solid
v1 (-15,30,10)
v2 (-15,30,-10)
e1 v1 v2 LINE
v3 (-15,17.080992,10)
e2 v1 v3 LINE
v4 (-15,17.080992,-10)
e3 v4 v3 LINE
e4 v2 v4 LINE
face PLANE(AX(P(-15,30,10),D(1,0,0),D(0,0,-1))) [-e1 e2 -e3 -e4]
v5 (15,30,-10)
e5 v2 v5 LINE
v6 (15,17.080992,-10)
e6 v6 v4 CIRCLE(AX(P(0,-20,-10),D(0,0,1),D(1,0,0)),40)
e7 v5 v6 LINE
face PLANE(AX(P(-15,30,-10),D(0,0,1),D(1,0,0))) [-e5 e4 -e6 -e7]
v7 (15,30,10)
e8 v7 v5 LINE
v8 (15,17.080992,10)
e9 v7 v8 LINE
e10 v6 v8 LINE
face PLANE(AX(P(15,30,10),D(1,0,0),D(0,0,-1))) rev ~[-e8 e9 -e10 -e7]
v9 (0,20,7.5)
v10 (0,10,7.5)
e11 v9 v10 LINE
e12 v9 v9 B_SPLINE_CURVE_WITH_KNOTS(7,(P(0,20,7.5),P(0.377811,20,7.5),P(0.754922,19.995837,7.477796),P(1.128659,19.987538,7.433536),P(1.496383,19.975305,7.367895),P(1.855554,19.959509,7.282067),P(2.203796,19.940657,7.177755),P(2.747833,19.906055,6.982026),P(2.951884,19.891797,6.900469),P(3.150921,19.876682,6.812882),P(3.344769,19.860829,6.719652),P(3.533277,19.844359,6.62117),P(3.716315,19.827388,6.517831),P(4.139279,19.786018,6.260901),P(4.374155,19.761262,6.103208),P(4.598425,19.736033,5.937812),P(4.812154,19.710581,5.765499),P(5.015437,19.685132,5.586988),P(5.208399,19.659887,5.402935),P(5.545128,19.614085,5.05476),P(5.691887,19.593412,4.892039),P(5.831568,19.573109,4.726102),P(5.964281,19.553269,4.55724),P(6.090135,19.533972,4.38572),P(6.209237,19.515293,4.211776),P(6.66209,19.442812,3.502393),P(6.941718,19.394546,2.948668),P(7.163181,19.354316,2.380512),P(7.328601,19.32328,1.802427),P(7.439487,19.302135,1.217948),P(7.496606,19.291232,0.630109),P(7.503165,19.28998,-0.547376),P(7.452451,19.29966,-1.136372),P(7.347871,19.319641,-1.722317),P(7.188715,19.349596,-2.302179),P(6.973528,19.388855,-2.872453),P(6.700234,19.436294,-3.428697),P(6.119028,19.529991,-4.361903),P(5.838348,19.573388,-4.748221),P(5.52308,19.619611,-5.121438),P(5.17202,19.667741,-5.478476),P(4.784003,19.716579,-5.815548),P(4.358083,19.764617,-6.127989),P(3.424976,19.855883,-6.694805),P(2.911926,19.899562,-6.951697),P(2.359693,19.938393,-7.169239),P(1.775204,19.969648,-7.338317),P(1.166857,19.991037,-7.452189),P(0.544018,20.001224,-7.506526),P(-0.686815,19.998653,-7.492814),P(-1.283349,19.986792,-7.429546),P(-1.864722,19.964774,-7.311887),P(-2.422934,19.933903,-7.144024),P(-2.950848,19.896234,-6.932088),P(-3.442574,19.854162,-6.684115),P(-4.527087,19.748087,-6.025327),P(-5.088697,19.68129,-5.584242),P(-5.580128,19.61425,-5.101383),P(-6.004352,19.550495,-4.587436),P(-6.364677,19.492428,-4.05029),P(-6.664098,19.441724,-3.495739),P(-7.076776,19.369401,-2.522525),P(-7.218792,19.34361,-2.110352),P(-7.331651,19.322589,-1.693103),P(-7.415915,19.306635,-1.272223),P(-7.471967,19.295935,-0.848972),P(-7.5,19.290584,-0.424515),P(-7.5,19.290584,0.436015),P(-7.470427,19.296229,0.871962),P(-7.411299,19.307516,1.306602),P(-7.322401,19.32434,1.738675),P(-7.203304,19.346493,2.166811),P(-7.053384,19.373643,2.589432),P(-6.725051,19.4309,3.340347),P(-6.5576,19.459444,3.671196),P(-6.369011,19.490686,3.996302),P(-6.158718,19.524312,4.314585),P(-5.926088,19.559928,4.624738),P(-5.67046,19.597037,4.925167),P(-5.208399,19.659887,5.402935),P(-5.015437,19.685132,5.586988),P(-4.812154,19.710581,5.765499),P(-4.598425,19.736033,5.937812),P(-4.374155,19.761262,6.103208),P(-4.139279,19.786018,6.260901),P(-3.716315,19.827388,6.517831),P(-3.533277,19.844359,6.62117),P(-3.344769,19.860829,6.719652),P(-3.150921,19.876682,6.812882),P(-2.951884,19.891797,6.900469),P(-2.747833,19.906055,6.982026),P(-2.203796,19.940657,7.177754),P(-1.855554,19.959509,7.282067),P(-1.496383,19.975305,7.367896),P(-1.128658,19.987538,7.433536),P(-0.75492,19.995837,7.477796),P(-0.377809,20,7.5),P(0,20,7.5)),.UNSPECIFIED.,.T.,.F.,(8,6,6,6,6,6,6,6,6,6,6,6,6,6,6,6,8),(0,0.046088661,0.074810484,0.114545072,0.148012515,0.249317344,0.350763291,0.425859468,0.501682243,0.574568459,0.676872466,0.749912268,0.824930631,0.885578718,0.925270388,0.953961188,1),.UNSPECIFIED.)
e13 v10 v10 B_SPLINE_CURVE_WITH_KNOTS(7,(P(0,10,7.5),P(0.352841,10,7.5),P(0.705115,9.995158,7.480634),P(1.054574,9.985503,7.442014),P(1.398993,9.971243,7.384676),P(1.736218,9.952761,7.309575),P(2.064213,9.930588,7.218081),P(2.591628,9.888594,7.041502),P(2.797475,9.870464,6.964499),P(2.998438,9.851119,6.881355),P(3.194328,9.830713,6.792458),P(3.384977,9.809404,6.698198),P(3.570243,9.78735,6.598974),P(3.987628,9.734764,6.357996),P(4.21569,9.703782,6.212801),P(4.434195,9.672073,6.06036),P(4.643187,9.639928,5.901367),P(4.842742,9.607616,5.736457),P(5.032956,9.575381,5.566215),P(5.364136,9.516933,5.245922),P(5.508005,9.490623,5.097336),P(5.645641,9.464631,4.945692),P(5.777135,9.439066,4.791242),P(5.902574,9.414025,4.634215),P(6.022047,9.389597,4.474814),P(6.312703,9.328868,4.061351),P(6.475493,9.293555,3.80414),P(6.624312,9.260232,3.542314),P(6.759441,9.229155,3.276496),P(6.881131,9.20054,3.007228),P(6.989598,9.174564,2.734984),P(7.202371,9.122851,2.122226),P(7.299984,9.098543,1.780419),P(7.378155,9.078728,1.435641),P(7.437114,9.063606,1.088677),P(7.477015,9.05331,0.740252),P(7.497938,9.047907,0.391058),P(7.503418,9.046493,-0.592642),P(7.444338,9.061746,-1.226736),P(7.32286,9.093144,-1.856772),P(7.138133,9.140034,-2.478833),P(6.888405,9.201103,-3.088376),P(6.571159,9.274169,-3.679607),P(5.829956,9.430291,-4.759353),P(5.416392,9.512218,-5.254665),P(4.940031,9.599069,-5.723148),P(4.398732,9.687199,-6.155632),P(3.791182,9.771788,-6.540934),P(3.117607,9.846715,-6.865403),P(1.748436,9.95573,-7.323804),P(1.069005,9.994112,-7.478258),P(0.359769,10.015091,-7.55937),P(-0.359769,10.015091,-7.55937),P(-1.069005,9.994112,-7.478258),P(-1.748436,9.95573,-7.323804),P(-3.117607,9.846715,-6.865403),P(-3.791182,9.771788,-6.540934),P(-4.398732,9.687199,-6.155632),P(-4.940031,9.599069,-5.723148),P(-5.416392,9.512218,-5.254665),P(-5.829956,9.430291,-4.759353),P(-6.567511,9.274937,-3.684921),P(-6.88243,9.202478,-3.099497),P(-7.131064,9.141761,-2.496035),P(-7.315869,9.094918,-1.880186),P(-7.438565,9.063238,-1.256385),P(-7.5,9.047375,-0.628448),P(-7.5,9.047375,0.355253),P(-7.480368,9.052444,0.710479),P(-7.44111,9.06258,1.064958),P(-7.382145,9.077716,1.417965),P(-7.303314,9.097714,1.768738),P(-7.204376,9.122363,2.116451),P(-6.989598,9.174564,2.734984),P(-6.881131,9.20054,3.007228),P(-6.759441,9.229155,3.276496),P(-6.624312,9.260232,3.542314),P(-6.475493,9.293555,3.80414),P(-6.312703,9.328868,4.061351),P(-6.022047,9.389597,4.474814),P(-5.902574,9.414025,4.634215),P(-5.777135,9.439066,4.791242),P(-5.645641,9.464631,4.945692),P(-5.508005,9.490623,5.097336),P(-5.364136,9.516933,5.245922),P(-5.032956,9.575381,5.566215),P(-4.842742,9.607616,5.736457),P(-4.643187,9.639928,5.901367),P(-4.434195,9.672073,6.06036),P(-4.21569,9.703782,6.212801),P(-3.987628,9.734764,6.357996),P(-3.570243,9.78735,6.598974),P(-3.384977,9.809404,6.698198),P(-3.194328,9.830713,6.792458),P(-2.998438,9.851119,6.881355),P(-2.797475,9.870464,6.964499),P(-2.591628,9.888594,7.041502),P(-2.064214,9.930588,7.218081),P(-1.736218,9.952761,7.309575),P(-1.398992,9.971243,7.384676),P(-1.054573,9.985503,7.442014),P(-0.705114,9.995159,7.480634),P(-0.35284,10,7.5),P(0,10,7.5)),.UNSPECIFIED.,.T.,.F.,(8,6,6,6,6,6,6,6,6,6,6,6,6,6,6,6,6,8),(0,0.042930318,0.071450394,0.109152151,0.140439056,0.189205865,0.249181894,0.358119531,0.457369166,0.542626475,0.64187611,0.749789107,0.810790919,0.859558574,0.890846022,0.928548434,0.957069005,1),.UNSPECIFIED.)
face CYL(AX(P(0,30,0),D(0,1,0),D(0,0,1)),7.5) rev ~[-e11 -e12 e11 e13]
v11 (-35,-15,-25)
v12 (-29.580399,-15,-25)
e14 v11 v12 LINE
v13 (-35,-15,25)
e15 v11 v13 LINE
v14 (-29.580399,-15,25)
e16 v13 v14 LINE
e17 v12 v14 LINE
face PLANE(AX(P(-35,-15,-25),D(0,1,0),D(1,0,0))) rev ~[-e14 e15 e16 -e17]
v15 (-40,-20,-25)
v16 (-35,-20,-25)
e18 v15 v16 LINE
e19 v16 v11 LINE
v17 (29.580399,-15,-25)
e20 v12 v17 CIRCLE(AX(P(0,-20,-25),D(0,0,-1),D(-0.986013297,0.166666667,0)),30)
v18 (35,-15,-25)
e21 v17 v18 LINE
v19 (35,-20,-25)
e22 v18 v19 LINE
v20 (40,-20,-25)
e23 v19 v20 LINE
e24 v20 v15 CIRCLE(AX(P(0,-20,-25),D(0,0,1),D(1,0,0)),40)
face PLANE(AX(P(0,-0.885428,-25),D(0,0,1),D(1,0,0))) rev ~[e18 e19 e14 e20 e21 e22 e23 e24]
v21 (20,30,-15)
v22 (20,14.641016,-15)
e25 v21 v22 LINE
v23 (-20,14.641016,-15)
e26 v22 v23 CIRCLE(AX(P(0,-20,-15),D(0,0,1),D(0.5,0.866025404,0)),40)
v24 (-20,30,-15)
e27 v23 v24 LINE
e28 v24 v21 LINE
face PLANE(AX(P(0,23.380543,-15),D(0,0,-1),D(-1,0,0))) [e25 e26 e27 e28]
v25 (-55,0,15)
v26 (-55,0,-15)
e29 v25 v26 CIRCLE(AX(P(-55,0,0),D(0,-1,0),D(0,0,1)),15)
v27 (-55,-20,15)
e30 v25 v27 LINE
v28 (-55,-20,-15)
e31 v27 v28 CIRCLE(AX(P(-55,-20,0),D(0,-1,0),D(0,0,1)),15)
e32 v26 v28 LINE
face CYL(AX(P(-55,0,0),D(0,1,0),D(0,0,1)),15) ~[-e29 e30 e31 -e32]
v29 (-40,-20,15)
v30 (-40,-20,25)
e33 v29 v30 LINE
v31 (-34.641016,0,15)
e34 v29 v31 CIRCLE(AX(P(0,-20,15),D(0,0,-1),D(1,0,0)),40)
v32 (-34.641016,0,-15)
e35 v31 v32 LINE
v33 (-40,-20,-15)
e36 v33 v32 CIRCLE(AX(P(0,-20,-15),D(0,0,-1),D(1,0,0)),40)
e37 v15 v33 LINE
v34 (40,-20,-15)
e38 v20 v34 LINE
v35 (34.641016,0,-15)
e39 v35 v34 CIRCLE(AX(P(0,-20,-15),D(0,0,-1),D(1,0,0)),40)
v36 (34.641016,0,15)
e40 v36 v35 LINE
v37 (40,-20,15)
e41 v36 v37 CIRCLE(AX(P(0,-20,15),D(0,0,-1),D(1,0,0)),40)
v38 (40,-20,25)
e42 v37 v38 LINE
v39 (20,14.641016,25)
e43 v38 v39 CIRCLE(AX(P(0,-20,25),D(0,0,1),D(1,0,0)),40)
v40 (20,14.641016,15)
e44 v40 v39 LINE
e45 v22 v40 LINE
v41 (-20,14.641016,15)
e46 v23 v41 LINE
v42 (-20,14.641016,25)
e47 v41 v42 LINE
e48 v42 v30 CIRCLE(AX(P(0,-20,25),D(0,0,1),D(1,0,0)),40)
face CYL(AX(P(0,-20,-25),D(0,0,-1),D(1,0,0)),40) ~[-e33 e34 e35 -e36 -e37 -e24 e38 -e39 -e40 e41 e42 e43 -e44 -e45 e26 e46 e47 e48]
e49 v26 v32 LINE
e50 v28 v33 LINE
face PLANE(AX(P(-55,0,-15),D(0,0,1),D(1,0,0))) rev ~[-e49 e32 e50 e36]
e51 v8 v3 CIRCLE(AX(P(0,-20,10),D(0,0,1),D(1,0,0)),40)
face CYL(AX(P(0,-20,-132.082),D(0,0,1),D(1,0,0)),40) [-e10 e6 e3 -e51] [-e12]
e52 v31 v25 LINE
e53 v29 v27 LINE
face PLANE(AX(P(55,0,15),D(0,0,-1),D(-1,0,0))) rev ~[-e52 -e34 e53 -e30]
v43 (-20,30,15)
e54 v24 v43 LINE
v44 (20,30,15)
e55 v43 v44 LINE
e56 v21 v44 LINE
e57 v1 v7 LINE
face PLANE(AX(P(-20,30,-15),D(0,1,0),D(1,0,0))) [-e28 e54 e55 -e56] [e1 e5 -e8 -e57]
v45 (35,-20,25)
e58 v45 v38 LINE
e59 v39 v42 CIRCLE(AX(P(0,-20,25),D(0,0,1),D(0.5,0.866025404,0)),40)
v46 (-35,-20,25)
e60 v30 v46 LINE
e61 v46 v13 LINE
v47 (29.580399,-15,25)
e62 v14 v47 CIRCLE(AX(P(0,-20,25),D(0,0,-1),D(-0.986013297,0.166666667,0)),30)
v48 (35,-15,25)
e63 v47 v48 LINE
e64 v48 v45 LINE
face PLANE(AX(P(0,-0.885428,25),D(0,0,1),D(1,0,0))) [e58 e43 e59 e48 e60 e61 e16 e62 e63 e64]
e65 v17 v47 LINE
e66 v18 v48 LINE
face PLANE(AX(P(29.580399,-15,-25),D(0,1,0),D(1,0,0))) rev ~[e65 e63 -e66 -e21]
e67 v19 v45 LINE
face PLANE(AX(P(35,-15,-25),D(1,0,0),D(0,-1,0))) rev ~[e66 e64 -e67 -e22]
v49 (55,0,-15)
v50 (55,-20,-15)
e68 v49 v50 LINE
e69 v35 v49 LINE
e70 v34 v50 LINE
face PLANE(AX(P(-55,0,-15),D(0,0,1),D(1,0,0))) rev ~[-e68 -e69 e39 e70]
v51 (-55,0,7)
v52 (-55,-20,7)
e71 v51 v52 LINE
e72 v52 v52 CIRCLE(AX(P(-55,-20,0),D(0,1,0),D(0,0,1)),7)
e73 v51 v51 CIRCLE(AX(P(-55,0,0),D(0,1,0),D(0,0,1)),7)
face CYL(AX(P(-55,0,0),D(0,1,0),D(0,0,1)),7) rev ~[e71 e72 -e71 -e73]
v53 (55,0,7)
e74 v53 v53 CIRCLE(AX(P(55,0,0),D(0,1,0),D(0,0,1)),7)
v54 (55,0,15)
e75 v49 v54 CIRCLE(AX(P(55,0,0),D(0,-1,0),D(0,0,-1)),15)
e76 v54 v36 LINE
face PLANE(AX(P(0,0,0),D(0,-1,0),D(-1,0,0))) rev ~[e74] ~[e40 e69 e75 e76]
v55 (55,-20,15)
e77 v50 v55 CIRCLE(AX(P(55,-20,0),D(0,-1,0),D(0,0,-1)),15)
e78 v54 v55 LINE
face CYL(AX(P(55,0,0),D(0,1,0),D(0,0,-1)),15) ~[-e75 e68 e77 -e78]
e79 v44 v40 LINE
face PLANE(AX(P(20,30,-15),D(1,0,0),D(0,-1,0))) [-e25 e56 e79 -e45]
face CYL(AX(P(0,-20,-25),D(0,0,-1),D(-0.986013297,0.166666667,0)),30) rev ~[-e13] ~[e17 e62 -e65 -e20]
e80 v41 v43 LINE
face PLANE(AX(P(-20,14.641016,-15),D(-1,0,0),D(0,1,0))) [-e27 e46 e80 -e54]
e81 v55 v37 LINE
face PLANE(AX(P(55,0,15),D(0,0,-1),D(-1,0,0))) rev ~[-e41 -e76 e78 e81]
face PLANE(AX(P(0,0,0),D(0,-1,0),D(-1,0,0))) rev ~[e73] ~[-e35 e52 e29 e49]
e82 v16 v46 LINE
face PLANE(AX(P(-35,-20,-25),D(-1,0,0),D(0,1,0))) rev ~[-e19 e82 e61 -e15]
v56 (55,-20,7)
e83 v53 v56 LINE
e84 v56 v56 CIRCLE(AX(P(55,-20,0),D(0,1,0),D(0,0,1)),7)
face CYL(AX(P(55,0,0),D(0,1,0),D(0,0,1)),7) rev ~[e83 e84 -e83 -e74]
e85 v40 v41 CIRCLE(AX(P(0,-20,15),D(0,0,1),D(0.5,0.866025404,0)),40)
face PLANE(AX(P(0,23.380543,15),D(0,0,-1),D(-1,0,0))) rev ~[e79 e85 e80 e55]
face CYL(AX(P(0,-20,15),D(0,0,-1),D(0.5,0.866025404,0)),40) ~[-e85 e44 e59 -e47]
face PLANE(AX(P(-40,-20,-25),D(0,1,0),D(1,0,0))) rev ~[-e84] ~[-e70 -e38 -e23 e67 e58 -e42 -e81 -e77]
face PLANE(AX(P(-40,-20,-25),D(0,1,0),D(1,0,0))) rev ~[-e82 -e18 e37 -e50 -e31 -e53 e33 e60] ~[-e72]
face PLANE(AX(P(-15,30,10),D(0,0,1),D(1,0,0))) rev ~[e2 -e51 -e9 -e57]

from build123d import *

# Parameters (mm, degrees)
SKETCH1_R                = 7
BOSS_EXTRUDE1_DEPTH      = 20
BOSS_EXTRUDE2_DEPTH      = 10
BOSS_EXTRUDE2_DEPTH_BACK = 40
CUT_EXTRUDE1_START       = -72
CUT_EXTRUDE1_DEPTH       = 72
BOSS_EXTRUDE5_START      = -40
BOSS_EXTRUDE5_DEPTH      = 40
CUT_EXTRUDE3_START       = -10
CUT_EXTRUDE3_DEPTH       = 10
CUT_EXTRUDE5_REACH       = 91.582
CUT_EXTRUDE5_END_RADIUS  = 40
SKETCH11_W               = 30
SKETCH11_H               = 20
SKETCH12_R               = 7.5
CUT_EXTRUDE6_DEPTH       = 70


with BuildPart() as part:
    # Sketch1 → Boss-Extrude1 (new body)
    with BuildSketch(Plane(origin=(0, 0, 0), x_dir=(1, 0, 0), z_dir=(0, 1, 0))):
        with BuildLine():
            Line((-55, 15), (55, 15))
            ThreePointArc((55, 15), (70, 0), (55, -15))
            Line((55, -15), (-55, -15))
            ThreePointArc((-55, -15), (-70, 0), (-55, 15))
        make_face()
        with Locations(Location((-55, 0, 0), (0, 0, 270))):
            Circle(SKETCH1_R, mode=Mode.SUBTRACT)
        with Locations(Location((55, 0, 0), (0, 0, 270))):
            Circle(SKETCH1_R, mode=Mode.SUBTRACT)
    extrude(amount=-BOSS_EXTRUDE1_DEPTH)

    # Sketch2 → Boss-Extrude2 (add, two sides: drawn at the far end of the back side and taken through both)
    with BuildSketch(Plane.XY.offset(15).offset(-BOSS_EXTRUDE2_DEPTH_BACK)):
        with BuildLine():
            Line((-40, -20), (-35, -20))
            Line((-35, -20), (-35, -15))
            Line((-35, -15), (-29.580398915, -15))
            ThreePointArc((-29.580398915, -15), (0, 10), (29.580398915, -15))
            Line((29.580398915, -15), (35, -15))
            Line((35, -15), (35, -20))
            Line((35, -20), (40, -20))
            ThreePointArc((40, -20), (0, 20), (-40, -20))
        make_face()
    extrude(amount=BOSS_EXTRUDE2_DEPTH + BOSS_EXTRUDE2_DEPTH_BACK)

    # Sketch3 → Cut-Extrude1 (cut)
    with BuildSketch(Plane.XY.offset(15).offset(CUT_EXTRUDE1_START)):
        with BuildLine():
            Line((-35, -20), (-35, -15))
            Line((-35, -15), (-29.580398915, -15))
            ThreePointArc((-29.580398915, -15), (0, 10), (29.580398915, -15))
            Line((29.580398915, -15), (35, -15))
            Line((35, -15), (35, -20))
            Line((35, -20), (-35, -20))
        make_face()
    extrude(amount=CUT_EXTRUDE1_DEPTH, mode=Mode.SUBTRACT)

    # Sketch7 → Boss-Extrude5 (add)
    with BuildSketch(Plane.XY.offset(25).offset(BOSS_EXTRUDE5_START)):
        with BuildLine():
            Line((-20, 30), (20, 30))
            Line((20, 30), (20, 14.641016151))
            ThreePointArc((20, 14.641016151), (0, 20), (-20, 14.641016151))
            Line((-20, 14.641016151), (-20, 30))
        make_face()
    extrude(amount=BOSS_EXTRUDE5_DEPTH)

    # Sketch10 → Cut-Extrude3 (cut)
    with BuildSketch(Plane.XY.offset(25).offset(CUT_EXTRUDE3_START)):
        with BuildLine():
            Line((-20, 14.641016151), (-20, 30))
            Line((-20, 30), (20, 30))
            Line((20, 30), (20, 14.641016151))
            ThreePointArc((20, 14.641016151), (0, 20), (-20, 14.641016151))
        make_face()
    extrude(amount=CUT_EXTRUDE3_DEPTH, mode=Mode.SUBTRACT)

    # Cut-Extrude5: up to this cylinder (the profile starts outside it)
    cut_extrude5_end = Plane(origin=(0, -20, 0), z_dir=(0, 0, 1)) * Cylinder(CUT_EXTRUDE5_END_RADIUS, 264.164, mode=Mode.PRIVATE)
    # Sketch11 → Cut-Extrude5 (cut, up to the surface)
    with BuildSketch(Plane(origin=(0, 30, 0), x_dir=(1, 0, 0), z_dir=(0, 1, 0)), mode=Mode.PRIVATE) as cut_extrude5_sk1:
        Rectangle(SKETCH11_W, SKETCH11_H)
    cut_extrude5_tool1 = extrude(cut_extrude5_sk1.sketch, amount=-CUT_EXTRUDE5_REACH, mode=Mode.PRIVATE) - cut_extrude5_end
    add(cut_extrude5_tool1.solids().sort_by_distance((0, 30, 0))[0], mode=Mode.SUBTRACT)

    # Sketch12 → Cut-Extrude6 (cut)
    with BuildSketch(Plane(origin=(0, 30, 0), x_dir=(1, 0, 0), z_dir=(0, 1, 0))):
        with Locations(Location((0, 0, 0), (0, 0, 270))):
            Circle(SKETCH12_R)
    extrude(amount=-CUT_EXTRUDE6_DEPTH, mode=Mode.SUBTRACT)


solid = part.part
